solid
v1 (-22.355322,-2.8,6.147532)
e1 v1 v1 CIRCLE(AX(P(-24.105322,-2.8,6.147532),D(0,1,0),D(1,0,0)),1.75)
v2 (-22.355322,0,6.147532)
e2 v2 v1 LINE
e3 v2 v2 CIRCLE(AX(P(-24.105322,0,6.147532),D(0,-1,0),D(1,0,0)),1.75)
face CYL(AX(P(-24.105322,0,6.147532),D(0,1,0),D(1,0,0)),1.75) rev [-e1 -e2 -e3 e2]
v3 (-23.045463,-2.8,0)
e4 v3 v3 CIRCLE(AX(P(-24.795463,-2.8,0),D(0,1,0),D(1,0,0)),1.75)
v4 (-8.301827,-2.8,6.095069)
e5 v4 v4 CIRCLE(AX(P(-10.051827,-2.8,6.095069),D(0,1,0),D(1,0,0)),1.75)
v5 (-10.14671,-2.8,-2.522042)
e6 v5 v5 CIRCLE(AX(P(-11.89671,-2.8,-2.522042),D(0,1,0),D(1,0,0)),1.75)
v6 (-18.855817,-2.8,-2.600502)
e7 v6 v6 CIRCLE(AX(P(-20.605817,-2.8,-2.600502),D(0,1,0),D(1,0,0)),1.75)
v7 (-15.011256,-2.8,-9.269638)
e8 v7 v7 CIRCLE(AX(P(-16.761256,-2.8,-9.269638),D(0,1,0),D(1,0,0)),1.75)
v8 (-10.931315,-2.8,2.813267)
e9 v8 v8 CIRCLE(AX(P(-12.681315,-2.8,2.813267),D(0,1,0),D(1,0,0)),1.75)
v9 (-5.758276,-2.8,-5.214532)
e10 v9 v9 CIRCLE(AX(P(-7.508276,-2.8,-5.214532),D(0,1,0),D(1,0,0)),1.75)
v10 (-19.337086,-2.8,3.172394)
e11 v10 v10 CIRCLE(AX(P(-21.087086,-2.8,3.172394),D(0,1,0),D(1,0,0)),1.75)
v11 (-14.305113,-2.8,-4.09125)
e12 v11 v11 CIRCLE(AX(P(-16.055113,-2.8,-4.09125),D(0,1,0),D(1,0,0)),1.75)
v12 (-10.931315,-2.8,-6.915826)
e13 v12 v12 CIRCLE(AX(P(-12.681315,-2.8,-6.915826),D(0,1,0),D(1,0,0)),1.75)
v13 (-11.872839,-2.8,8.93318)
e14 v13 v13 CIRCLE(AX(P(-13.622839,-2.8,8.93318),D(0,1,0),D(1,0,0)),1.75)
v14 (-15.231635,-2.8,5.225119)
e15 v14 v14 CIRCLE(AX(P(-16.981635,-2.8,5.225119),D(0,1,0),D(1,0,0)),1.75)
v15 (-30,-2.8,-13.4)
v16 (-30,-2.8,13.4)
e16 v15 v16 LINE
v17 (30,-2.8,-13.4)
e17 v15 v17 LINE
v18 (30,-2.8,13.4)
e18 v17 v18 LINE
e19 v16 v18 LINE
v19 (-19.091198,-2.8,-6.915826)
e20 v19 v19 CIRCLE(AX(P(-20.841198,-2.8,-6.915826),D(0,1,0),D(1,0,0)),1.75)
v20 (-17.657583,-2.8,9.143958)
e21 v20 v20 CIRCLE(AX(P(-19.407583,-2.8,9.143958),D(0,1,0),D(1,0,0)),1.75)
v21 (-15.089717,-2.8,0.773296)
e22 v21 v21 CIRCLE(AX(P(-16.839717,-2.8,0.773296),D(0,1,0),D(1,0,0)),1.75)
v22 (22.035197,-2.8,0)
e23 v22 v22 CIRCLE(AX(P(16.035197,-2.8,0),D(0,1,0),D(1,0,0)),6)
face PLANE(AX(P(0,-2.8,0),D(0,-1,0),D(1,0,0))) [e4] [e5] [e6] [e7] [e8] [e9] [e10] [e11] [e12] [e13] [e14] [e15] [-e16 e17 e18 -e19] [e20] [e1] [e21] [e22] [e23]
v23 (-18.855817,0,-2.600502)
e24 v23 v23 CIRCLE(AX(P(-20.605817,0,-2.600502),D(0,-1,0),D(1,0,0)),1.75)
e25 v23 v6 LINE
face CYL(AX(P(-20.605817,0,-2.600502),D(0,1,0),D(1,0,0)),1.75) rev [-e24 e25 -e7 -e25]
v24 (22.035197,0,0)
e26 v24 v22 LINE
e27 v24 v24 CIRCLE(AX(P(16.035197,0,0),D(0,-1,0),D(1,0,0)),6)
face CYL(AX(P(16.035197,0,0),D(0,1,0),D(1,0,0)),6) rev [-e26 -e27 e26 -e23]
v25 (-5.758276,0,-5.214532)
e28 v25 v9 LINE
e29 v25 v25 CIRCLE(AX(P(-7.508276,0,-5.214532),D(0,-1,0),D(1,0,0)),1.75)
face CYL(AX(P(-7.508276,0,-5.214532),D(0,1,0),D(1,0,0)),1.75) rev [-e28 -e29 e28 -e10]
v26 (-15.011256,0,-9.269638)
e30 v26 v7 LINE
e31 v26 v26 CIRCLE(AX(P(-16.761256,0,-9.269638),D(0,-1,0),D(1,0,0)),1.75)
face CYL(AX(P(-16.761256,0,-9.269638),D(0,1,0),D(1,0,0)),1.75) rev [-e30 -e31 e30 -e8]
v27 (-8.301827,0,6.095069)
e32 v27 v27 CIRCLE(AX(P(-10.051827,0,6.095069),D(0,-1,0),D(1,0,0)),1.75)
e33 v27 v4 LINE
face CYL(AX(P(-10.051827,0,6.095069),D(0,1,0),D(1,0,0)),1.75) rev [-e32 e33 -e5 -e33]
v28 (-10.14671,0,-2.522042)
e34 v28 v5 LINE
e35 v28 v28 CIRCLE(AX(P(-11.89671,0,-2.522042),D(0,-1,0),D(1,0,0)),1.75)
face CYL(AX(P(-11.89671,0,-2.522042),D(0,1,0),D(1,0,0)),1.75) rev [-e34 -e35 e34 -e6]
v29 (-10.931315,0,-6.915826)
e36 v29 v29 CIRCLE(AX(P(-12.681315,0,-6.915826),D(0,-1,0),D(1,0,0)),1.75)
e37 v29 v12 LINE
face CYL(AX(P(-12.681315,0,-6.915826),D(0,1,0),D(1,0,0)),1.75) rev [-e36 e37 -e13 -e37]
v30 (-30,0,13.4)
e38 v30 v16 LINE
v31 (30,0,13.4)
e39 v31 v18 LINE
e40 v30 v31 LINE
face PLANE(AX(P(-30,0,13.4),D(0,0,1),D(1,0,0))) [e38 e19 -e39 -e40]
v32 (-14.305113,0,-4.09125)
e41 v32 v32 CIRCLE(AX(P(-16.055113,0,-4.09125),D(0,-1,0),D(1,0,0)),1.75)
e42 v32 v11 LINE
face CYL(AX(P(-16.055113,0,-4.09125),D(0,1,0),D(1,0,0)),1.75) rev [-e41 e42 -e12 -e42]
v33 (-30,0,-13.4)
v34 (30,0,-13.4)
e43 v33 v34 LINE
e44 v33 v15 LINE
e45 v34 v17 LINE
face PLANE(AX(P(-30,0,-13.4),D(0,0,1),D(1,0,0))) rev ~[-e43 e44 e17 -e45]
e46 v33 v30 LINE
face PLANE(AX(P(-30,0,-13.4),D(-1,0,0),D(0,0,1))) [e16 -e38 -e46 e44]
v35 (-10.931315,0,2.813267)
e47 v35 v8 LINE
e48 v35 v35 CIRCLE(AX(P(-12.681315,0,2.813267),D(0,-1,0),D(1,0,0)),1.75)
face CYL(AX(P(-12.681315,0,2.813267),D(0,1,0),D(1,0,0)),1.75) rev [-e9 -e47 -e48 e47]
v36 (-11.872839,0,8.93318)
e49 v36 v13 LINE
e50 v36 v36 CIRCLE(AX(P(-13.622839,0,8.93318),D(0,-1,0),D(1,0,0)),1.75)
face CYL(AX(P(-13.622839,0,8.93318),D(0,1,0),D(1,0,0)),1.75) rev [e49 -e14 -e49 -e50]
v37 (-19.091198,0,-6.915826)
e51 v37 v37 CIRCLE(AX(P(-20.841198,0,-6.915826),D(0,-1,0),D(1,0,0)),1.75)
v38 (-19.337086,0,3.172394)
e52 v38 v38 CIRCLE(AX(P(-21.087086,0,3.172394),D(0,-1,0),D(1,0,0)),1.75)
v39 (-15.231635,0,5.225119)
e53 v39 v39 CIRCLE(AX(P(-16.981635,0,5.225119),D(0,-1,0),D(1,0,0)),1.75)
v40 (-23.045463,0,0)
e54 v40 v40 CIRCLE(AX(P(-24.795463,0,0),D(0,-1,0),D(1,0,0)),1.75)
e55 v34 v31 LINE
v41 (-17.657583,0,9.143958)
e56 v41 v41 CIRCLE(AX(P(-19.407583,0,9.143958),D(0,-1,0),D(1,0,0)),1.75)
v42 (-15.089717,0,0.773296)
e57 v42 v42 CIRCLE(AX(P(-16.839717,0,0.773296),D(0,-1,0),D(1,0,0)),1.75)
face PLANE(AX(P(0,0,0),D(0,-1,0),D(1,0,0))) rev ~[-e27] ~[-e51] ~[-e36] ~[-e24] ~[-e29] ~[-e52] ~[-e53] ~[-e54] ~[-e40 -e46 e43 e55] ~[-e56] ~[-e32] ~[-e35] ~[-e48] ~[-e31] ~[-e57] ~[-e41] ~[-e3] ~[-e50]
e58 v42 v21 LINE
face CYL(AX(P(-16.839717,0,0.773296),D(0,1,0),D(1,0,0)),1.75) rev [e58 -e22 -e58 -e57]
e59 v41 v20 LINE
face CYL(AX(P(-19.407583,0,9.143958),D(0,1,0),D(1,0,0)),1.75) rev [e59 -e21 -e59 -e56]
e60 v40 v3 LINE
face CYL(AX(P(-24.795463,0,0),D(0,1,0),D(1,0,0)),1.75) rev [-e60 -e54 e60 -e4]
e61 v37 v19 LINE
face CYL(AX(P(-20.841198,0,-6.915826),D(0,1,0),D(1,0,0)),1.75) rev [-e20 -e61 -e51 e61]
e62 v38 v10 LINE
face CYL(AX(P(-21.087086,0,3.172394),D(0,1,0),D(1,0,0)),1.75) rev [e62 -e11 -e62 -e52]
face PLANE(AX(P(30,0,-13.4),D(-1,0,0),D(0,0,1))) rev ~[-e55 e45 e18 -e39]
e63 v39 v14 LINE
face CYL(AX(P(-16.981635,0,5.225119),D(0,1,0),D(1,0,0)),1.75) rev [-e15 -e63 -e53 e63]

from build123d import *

# Parameters (mm, degrees)
F0_W          = 60
F0_H          = 26.8
F1_DEPTH      = 2.8
F2_R          = 1.75
F2_R_2        = 6
F3_DEPTH      = 25
F3_DEPTH_BACK = 25


with BuildPart() as f1:
    # F0 (on Front) → F1 (new body)
    with BuildSketch(Plane.XZ):
        Rectangle(F0_W, F0_H)
    extrude(amount=F1_DEPTH)

    # F2 (on Front) → F3 (cut, two sides)
    with BuildSketch(Plane.XZ) as f3_sk:
        with Locations((-19.407583, 9.143958)):
            Circle(F2_R)
        with Locations((-21.087086, 3.172394)):
            Circle(F2_R)
        with Locations((-16.981635, 5.225119)):
            Circle(F2_R)
        with Locations((-16.839717, 0.773296)):
            Circle(F2_R)
        with Locations((-20.605817, -2.600502)):
            Circle(F2_R)
        with Locations((-16.055113, -4.09125)):
            Circle(F2_R)
        with Locations((-13.622839, 8.93318)):
            Circle(F2_R)
        with Locations((-12.681315, 2.813267)):
            Circle(F2_R)
        with Locations((-11.89671, -2.522042)):
            Circle(F2_R)
        with Locations((-12.681315, -6.915826)):
            Circle(F2_R)
        with Locations((-20.841198, -6.915826)):
            Circle(F2_R)
        with Locations((-16.761256, -9.269638)):
            Circle(F2_R)
        with Locations((16.035197, 0)):
            Circle(F2_R_2)
        with Locations((-10.051827, 6.095069)):
            Circle(F2_R)
        with Locations((-24.795463, 0)):
            Circle(F2_R)
        with Locations((-24.105322, 6.147532)):
            Circle(F2_R)
        with Locations((-7.508276, -5.214532)):
            Circle(F2_R)
    extrude(amount=F3_DEPTH, mode=Mode.SUBTRACT)
    extrude(f3_sk.sketch, amount=-F3_DEPTH_BACK, mode=Mode.SUBTRACT)


solid = f1.part
